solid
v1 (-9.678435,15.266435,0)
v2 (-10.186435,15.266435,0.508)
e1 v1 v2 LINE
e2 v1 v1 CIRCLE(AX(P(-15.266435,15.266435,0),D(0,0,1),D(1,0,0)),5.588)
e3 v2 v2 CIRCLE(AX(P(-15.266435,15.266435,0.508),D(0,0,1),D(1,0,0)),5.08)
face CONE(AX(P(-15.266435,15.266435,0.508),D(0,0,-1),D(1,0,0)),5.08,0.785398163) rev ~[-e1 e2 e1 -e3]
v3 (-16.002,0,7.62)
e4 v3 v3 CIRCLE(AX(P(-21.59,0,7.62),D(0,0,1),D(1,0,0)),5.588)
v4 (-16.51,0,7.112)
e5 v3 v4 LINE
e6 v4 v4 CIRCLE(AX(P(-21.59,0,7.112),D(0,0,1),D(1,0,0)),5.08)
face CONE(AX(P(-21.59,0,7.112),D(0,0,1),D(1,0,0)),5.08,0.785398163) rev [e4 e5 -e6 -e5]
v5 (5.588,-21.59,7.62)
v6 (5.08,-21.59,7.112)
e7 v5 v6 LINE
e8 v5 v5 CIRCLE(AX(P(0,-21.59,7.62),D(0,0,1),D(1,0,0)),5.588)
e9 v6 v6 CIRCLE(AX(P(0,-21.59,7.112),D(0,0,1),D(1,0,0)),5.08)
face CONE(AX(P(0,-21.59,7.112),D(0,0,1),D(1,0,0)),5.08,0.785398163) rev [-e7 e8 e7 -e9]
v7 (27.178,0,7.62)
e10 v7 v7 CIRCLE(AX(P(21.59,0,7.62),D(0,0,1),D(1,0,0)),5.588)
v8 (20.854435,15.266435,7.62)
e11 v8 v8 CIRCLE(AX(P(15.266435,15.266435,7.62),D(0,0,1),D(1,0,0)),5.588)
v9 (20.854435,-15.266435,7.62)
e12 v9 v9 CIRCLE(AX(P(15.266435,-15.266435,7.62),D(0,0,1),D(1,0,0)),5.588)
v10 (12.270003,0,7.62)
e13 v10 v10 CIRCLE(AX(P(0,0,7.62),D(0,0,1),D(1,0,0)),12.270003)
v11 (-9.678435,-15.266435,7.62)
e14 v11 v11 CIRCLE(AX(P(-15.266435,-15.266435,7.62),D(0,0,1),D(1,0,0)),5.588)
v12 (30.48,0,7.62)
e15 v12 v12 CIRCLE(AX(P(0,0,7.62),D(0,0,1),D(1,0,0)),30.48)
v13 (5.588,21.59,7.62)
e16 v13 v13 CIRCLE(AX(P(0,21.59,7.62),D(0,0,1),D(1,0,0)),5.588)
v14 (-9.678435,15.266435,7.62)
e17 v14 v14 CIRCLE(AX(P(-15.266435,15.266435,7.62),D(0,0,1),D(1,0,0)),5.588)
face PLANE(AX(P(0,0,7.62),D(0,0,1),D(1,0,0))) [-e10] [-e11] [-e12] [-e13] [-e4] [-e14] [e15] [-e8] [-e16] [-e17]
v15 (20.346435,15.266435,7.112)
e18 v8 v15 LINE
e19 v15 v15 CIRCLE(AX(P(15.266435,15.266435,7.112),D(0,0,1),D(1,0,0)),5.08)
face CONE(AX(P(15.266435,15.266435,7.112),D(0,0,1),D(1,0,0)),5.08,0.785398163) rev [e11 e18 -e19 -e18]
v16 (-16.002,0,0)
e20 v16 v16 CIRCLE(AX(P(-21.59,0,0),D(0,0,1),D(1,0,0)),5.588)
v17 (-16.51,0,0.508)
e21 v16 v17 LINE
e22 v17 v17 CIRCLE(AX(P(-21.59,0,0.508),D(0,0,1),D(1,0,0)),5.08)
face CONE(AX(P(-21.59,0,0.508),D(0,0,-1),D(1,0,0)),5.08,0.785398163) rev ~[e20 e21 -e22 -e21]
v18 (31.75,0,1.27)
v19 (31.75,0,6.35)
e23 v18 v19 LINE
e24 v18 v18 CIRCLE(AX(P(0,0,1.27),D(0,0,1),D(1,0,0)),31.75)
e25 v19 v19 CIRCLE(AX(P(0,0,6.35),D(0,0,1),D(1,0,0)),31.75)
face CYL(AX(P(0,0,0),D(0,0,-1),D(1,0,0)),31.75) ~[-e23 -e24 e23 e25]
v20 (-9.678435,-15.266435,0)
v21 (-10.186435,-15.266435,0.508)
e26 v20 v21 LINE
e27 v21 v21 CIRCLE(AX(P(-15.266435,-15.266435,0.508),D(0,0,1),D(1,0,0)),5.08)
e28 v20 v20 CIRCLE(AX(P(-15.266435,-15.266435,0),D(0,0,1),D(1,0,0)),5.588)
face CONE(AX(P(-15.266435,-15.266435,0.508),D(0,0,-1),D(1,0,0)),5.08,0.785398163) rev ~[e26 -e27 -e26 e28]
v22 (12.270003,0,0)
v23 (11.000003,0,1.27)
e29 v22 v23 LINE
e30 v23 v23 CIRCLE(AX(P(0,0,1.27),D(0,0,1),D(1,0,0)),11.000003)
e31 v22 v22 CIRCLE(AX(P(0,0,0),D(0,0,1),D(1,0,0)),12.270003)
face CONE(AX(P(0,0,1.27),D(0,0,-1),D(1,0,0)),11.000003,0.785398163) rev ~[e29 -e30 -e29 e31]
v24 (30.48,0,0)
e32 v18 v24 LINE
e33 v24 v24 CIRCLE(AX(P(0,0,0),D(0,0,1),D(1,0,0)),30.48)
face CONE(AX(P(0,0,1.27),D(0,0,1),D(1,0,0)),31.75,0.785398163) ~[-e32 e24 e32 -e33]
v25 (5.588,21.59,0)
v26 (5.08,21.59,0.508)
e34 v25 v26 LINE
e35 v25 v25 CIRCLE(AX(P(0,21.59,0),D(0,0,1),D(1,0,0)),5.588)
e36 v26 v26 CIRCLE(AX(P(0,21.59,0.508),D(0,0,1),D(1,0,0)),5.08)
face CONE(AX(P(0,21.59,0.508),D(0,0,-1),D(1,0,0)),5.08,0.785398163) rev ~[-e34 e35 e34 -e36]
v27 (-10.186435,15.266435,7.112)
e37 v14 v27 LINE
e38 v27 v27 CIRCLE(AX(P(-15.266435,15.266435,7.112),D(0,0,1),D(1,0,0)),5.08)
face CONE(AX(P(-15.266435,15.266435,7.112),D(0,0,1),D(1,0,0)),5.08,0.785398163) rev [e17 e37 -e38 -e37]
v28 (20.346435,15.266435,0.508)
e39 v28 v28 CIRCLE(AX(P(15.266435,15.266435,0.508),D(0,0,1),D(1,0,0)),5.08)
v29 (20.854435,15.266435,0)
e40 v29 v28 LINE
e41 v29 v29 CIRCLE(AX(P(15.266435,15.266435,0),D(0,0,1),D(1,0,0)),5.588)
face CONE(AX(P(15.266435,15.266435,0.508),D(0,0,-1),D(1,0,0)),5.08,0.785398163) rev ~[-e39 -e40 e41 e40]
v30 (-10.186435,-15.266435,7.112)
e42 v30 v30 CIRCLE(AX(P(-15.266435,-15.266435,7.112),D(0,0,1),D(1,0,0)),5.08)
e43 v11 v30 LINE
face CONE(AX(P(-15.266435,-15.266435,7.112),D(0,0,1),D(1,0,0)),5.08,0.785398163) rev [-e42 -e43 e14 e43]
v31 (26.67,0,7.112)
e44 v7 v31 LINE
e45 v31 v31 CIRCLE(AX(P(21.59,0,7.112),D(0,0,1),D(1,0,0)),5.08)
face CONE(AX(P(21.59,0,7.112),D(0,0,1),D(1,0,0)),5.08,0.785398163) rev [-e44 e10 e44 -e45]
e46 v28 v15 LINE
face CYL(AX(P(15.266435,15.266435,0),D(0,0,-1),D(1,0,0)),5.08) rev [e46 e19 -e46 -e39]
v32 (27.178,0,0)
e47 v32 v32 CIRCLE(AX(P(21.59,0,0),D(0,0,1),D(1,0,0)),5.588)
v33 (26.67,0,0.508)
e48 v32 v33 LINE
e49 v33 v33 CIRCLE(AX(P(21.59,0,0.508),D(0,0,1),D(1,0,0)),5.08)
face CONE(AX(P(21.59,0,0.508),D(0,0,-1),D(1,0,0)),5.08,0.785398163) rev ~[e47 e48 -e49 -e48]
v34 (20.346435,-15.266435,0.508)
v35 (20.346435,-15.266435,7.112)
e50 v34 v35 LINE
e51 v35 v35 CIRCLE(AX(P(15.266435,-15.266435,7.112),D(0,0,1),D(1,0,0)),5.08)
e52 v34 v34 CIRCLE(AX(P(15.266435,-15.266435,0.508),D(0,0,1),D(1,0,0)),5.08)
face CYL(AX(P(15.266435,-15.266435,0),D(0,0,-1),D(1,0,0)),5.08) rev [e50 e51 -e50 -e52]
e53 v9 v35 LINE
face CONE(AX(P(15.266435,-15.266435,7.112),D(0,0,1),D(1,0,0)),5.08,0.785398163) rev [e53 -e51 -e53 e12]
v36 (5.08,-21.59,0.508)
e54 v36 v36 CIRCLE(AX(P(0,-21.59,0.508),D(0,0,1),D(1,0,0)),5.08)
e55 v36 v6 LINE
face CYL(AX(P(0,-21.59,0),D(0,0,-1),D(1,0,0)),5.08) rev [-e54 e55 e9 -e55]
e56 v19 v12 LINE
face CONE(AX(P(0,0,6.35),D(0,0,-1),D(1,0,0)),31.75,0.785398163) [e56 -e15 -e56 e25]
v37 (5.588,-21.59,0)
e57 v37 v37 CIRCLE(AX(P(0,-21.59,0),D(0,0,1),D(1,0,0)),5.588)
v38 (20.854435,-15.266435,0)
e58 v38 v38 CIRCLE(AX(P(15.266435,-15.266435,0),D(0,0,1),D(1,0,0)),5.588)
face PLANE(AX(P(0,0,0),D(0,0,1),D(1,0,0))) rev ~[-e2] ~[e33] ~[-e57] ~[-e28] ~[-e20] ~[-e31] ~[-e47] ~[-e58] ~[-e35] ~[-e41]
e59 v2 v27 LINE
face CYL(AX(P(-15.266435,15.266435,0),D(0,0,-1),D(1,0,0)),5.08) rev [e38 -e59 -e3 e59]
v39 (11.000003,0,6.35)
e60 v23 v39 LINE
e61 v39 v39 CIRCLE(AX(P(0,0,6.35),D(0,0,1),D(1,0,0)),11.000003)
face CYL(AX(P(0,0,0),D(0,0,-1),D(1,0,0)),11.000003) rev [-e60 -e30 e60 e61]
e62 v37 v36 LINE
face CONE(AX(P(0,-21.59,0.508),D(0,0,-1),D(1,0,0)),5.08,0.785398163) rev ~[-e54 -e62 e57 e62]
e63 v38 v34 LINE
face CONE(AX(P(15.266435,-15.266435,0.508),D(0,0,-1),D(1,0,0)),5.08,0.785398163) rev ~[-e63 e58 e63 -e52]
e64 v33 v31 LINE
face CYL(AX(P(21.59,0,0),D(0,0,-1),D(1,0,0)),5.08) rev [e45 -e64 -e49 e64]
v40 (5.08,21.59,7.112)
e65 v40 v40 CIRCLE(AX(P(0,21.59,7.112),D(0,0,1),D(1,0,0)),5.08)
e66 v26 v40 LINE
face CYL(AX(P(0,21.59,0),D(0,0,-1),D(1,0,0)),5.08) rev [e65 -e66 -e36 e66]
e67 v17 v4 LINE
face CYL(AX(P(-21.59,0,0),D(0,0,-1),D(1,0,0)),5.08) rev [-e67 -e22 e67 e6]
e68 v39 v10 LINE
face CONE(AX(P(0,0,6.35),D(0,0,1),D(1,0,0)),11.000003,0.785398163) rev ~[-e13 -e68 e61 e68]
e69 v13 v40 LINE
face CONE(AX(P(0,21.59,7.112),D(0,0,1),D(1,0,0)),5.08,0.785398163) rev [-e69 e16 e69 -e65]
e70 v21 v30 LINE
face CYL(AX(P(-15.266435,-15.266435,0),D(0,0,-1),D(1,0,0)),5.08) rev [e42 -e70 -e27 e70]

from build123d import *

# Parameters (mm, degrees)
F0_R     = 31.75
F0_R_2   = 5.08
F0_R_3   = 11.000003
F1_DEPTH = 7.62
F2_SIZE  = 1.27
F3_SIZE  = 1.27
F4_SIZE  = 0.508


with BuildPart() as f1:
    # F0 (on Top) → F1 (new body)
    with BuildSketch(Plane.XY):
        Circle(F0_R)
        with Locations((-15.266435, -15.266435)):
            Circle(F0_R_2, mode=Mode.SUBTRACT)
        with Locations((0, -21.59)):
            Circle(F0_R_2, mode=Mode.SUBTRACT)
        with Locations((15.266435, -15.266435)):
            Circle(F0_R_2, mode=Mode.SUBTRACT)
        with Locations((-21.59, 0)):
            Circle(F0_R_2, mode=Mode.SUBTRACT)
        with Locations((-15.266435, 15.266435)):
            Circle(F0_R_2, mode=Mode.SUBTRACT)
        Circle(F0_R_3, mode=Mode.SUBTRACT)
        with Locations((15.266435, 15.266435)):
            Circle(F0_R_2, mode=Mode.SUBTRACT)
        with Locations((21.59, 0)):
            Circle(F0_R_2, mode=Mode.SUBTRACT)
        with Locations((0, 21.59)):
            Circle(F0_R_2, mode=Mode.SUBTRACT)
    extrude(amount=F1_DEPTH)

    # F2
    f2_edges = [f1.edges().sort_by_distance(p)[0] for p in [
        (-31.75, 0, 7.62),
        (-11.000003, 0, 7.62),
    ]]
    chamfer(f2_edges, length=F2_SIZE)

    # F3
    f3_edges = [f1.edges().sort_by_distance(p)[0] for p in [
        (-31.75, 0, 0),
        (-11.000003, 0, 0),
    ]]
    chamfer(f3_edges, length=F3_SIZE)

    # F4
    f4_edges = [f1.edges().sort_by_distance(p)[0] for p in [
        (-5.08, -21.59, 0),
        (20.346435, -15.266435, 3.81),
        (10.186435, -15.266435, 0),
        (10.186435, -15.266435, 7.62),
        (5.08, -21.59, 3.81),
        (-5.08, -21.59, 7.62),
        (-10.186435, -15.266435, 3.81),
        (-20.346435, -15.266435, 0),
        (-20.346435, -15.266435, 7.62),
        (-16.51, 0, 3.81),
        (-26.67, 0, 0),
        (-26.67, 0, 7.62),
        (-10.186435, 15.266435, 3.81),
        (-20.346435, 15.266435, 0),
        (-20.346435, 15.266435, 7.62),
        (5.08, 21.59, 3.81),
        (-5.08, 21.59, 0),
        (-5.08, 21.59, 7.62),
        (20.346435, 15.266435, 3.81),
        (10.186435, 15.266435, 0),
        (10.186435, 15.266435, 7.62),
        (16.51, 0, 0),
        (26.67, 0, 3.81),
        (16.51, 0, 7.62),
    ]]
    chamfer(f4_edges, length=F4_SIZE)


solid = f1.part
